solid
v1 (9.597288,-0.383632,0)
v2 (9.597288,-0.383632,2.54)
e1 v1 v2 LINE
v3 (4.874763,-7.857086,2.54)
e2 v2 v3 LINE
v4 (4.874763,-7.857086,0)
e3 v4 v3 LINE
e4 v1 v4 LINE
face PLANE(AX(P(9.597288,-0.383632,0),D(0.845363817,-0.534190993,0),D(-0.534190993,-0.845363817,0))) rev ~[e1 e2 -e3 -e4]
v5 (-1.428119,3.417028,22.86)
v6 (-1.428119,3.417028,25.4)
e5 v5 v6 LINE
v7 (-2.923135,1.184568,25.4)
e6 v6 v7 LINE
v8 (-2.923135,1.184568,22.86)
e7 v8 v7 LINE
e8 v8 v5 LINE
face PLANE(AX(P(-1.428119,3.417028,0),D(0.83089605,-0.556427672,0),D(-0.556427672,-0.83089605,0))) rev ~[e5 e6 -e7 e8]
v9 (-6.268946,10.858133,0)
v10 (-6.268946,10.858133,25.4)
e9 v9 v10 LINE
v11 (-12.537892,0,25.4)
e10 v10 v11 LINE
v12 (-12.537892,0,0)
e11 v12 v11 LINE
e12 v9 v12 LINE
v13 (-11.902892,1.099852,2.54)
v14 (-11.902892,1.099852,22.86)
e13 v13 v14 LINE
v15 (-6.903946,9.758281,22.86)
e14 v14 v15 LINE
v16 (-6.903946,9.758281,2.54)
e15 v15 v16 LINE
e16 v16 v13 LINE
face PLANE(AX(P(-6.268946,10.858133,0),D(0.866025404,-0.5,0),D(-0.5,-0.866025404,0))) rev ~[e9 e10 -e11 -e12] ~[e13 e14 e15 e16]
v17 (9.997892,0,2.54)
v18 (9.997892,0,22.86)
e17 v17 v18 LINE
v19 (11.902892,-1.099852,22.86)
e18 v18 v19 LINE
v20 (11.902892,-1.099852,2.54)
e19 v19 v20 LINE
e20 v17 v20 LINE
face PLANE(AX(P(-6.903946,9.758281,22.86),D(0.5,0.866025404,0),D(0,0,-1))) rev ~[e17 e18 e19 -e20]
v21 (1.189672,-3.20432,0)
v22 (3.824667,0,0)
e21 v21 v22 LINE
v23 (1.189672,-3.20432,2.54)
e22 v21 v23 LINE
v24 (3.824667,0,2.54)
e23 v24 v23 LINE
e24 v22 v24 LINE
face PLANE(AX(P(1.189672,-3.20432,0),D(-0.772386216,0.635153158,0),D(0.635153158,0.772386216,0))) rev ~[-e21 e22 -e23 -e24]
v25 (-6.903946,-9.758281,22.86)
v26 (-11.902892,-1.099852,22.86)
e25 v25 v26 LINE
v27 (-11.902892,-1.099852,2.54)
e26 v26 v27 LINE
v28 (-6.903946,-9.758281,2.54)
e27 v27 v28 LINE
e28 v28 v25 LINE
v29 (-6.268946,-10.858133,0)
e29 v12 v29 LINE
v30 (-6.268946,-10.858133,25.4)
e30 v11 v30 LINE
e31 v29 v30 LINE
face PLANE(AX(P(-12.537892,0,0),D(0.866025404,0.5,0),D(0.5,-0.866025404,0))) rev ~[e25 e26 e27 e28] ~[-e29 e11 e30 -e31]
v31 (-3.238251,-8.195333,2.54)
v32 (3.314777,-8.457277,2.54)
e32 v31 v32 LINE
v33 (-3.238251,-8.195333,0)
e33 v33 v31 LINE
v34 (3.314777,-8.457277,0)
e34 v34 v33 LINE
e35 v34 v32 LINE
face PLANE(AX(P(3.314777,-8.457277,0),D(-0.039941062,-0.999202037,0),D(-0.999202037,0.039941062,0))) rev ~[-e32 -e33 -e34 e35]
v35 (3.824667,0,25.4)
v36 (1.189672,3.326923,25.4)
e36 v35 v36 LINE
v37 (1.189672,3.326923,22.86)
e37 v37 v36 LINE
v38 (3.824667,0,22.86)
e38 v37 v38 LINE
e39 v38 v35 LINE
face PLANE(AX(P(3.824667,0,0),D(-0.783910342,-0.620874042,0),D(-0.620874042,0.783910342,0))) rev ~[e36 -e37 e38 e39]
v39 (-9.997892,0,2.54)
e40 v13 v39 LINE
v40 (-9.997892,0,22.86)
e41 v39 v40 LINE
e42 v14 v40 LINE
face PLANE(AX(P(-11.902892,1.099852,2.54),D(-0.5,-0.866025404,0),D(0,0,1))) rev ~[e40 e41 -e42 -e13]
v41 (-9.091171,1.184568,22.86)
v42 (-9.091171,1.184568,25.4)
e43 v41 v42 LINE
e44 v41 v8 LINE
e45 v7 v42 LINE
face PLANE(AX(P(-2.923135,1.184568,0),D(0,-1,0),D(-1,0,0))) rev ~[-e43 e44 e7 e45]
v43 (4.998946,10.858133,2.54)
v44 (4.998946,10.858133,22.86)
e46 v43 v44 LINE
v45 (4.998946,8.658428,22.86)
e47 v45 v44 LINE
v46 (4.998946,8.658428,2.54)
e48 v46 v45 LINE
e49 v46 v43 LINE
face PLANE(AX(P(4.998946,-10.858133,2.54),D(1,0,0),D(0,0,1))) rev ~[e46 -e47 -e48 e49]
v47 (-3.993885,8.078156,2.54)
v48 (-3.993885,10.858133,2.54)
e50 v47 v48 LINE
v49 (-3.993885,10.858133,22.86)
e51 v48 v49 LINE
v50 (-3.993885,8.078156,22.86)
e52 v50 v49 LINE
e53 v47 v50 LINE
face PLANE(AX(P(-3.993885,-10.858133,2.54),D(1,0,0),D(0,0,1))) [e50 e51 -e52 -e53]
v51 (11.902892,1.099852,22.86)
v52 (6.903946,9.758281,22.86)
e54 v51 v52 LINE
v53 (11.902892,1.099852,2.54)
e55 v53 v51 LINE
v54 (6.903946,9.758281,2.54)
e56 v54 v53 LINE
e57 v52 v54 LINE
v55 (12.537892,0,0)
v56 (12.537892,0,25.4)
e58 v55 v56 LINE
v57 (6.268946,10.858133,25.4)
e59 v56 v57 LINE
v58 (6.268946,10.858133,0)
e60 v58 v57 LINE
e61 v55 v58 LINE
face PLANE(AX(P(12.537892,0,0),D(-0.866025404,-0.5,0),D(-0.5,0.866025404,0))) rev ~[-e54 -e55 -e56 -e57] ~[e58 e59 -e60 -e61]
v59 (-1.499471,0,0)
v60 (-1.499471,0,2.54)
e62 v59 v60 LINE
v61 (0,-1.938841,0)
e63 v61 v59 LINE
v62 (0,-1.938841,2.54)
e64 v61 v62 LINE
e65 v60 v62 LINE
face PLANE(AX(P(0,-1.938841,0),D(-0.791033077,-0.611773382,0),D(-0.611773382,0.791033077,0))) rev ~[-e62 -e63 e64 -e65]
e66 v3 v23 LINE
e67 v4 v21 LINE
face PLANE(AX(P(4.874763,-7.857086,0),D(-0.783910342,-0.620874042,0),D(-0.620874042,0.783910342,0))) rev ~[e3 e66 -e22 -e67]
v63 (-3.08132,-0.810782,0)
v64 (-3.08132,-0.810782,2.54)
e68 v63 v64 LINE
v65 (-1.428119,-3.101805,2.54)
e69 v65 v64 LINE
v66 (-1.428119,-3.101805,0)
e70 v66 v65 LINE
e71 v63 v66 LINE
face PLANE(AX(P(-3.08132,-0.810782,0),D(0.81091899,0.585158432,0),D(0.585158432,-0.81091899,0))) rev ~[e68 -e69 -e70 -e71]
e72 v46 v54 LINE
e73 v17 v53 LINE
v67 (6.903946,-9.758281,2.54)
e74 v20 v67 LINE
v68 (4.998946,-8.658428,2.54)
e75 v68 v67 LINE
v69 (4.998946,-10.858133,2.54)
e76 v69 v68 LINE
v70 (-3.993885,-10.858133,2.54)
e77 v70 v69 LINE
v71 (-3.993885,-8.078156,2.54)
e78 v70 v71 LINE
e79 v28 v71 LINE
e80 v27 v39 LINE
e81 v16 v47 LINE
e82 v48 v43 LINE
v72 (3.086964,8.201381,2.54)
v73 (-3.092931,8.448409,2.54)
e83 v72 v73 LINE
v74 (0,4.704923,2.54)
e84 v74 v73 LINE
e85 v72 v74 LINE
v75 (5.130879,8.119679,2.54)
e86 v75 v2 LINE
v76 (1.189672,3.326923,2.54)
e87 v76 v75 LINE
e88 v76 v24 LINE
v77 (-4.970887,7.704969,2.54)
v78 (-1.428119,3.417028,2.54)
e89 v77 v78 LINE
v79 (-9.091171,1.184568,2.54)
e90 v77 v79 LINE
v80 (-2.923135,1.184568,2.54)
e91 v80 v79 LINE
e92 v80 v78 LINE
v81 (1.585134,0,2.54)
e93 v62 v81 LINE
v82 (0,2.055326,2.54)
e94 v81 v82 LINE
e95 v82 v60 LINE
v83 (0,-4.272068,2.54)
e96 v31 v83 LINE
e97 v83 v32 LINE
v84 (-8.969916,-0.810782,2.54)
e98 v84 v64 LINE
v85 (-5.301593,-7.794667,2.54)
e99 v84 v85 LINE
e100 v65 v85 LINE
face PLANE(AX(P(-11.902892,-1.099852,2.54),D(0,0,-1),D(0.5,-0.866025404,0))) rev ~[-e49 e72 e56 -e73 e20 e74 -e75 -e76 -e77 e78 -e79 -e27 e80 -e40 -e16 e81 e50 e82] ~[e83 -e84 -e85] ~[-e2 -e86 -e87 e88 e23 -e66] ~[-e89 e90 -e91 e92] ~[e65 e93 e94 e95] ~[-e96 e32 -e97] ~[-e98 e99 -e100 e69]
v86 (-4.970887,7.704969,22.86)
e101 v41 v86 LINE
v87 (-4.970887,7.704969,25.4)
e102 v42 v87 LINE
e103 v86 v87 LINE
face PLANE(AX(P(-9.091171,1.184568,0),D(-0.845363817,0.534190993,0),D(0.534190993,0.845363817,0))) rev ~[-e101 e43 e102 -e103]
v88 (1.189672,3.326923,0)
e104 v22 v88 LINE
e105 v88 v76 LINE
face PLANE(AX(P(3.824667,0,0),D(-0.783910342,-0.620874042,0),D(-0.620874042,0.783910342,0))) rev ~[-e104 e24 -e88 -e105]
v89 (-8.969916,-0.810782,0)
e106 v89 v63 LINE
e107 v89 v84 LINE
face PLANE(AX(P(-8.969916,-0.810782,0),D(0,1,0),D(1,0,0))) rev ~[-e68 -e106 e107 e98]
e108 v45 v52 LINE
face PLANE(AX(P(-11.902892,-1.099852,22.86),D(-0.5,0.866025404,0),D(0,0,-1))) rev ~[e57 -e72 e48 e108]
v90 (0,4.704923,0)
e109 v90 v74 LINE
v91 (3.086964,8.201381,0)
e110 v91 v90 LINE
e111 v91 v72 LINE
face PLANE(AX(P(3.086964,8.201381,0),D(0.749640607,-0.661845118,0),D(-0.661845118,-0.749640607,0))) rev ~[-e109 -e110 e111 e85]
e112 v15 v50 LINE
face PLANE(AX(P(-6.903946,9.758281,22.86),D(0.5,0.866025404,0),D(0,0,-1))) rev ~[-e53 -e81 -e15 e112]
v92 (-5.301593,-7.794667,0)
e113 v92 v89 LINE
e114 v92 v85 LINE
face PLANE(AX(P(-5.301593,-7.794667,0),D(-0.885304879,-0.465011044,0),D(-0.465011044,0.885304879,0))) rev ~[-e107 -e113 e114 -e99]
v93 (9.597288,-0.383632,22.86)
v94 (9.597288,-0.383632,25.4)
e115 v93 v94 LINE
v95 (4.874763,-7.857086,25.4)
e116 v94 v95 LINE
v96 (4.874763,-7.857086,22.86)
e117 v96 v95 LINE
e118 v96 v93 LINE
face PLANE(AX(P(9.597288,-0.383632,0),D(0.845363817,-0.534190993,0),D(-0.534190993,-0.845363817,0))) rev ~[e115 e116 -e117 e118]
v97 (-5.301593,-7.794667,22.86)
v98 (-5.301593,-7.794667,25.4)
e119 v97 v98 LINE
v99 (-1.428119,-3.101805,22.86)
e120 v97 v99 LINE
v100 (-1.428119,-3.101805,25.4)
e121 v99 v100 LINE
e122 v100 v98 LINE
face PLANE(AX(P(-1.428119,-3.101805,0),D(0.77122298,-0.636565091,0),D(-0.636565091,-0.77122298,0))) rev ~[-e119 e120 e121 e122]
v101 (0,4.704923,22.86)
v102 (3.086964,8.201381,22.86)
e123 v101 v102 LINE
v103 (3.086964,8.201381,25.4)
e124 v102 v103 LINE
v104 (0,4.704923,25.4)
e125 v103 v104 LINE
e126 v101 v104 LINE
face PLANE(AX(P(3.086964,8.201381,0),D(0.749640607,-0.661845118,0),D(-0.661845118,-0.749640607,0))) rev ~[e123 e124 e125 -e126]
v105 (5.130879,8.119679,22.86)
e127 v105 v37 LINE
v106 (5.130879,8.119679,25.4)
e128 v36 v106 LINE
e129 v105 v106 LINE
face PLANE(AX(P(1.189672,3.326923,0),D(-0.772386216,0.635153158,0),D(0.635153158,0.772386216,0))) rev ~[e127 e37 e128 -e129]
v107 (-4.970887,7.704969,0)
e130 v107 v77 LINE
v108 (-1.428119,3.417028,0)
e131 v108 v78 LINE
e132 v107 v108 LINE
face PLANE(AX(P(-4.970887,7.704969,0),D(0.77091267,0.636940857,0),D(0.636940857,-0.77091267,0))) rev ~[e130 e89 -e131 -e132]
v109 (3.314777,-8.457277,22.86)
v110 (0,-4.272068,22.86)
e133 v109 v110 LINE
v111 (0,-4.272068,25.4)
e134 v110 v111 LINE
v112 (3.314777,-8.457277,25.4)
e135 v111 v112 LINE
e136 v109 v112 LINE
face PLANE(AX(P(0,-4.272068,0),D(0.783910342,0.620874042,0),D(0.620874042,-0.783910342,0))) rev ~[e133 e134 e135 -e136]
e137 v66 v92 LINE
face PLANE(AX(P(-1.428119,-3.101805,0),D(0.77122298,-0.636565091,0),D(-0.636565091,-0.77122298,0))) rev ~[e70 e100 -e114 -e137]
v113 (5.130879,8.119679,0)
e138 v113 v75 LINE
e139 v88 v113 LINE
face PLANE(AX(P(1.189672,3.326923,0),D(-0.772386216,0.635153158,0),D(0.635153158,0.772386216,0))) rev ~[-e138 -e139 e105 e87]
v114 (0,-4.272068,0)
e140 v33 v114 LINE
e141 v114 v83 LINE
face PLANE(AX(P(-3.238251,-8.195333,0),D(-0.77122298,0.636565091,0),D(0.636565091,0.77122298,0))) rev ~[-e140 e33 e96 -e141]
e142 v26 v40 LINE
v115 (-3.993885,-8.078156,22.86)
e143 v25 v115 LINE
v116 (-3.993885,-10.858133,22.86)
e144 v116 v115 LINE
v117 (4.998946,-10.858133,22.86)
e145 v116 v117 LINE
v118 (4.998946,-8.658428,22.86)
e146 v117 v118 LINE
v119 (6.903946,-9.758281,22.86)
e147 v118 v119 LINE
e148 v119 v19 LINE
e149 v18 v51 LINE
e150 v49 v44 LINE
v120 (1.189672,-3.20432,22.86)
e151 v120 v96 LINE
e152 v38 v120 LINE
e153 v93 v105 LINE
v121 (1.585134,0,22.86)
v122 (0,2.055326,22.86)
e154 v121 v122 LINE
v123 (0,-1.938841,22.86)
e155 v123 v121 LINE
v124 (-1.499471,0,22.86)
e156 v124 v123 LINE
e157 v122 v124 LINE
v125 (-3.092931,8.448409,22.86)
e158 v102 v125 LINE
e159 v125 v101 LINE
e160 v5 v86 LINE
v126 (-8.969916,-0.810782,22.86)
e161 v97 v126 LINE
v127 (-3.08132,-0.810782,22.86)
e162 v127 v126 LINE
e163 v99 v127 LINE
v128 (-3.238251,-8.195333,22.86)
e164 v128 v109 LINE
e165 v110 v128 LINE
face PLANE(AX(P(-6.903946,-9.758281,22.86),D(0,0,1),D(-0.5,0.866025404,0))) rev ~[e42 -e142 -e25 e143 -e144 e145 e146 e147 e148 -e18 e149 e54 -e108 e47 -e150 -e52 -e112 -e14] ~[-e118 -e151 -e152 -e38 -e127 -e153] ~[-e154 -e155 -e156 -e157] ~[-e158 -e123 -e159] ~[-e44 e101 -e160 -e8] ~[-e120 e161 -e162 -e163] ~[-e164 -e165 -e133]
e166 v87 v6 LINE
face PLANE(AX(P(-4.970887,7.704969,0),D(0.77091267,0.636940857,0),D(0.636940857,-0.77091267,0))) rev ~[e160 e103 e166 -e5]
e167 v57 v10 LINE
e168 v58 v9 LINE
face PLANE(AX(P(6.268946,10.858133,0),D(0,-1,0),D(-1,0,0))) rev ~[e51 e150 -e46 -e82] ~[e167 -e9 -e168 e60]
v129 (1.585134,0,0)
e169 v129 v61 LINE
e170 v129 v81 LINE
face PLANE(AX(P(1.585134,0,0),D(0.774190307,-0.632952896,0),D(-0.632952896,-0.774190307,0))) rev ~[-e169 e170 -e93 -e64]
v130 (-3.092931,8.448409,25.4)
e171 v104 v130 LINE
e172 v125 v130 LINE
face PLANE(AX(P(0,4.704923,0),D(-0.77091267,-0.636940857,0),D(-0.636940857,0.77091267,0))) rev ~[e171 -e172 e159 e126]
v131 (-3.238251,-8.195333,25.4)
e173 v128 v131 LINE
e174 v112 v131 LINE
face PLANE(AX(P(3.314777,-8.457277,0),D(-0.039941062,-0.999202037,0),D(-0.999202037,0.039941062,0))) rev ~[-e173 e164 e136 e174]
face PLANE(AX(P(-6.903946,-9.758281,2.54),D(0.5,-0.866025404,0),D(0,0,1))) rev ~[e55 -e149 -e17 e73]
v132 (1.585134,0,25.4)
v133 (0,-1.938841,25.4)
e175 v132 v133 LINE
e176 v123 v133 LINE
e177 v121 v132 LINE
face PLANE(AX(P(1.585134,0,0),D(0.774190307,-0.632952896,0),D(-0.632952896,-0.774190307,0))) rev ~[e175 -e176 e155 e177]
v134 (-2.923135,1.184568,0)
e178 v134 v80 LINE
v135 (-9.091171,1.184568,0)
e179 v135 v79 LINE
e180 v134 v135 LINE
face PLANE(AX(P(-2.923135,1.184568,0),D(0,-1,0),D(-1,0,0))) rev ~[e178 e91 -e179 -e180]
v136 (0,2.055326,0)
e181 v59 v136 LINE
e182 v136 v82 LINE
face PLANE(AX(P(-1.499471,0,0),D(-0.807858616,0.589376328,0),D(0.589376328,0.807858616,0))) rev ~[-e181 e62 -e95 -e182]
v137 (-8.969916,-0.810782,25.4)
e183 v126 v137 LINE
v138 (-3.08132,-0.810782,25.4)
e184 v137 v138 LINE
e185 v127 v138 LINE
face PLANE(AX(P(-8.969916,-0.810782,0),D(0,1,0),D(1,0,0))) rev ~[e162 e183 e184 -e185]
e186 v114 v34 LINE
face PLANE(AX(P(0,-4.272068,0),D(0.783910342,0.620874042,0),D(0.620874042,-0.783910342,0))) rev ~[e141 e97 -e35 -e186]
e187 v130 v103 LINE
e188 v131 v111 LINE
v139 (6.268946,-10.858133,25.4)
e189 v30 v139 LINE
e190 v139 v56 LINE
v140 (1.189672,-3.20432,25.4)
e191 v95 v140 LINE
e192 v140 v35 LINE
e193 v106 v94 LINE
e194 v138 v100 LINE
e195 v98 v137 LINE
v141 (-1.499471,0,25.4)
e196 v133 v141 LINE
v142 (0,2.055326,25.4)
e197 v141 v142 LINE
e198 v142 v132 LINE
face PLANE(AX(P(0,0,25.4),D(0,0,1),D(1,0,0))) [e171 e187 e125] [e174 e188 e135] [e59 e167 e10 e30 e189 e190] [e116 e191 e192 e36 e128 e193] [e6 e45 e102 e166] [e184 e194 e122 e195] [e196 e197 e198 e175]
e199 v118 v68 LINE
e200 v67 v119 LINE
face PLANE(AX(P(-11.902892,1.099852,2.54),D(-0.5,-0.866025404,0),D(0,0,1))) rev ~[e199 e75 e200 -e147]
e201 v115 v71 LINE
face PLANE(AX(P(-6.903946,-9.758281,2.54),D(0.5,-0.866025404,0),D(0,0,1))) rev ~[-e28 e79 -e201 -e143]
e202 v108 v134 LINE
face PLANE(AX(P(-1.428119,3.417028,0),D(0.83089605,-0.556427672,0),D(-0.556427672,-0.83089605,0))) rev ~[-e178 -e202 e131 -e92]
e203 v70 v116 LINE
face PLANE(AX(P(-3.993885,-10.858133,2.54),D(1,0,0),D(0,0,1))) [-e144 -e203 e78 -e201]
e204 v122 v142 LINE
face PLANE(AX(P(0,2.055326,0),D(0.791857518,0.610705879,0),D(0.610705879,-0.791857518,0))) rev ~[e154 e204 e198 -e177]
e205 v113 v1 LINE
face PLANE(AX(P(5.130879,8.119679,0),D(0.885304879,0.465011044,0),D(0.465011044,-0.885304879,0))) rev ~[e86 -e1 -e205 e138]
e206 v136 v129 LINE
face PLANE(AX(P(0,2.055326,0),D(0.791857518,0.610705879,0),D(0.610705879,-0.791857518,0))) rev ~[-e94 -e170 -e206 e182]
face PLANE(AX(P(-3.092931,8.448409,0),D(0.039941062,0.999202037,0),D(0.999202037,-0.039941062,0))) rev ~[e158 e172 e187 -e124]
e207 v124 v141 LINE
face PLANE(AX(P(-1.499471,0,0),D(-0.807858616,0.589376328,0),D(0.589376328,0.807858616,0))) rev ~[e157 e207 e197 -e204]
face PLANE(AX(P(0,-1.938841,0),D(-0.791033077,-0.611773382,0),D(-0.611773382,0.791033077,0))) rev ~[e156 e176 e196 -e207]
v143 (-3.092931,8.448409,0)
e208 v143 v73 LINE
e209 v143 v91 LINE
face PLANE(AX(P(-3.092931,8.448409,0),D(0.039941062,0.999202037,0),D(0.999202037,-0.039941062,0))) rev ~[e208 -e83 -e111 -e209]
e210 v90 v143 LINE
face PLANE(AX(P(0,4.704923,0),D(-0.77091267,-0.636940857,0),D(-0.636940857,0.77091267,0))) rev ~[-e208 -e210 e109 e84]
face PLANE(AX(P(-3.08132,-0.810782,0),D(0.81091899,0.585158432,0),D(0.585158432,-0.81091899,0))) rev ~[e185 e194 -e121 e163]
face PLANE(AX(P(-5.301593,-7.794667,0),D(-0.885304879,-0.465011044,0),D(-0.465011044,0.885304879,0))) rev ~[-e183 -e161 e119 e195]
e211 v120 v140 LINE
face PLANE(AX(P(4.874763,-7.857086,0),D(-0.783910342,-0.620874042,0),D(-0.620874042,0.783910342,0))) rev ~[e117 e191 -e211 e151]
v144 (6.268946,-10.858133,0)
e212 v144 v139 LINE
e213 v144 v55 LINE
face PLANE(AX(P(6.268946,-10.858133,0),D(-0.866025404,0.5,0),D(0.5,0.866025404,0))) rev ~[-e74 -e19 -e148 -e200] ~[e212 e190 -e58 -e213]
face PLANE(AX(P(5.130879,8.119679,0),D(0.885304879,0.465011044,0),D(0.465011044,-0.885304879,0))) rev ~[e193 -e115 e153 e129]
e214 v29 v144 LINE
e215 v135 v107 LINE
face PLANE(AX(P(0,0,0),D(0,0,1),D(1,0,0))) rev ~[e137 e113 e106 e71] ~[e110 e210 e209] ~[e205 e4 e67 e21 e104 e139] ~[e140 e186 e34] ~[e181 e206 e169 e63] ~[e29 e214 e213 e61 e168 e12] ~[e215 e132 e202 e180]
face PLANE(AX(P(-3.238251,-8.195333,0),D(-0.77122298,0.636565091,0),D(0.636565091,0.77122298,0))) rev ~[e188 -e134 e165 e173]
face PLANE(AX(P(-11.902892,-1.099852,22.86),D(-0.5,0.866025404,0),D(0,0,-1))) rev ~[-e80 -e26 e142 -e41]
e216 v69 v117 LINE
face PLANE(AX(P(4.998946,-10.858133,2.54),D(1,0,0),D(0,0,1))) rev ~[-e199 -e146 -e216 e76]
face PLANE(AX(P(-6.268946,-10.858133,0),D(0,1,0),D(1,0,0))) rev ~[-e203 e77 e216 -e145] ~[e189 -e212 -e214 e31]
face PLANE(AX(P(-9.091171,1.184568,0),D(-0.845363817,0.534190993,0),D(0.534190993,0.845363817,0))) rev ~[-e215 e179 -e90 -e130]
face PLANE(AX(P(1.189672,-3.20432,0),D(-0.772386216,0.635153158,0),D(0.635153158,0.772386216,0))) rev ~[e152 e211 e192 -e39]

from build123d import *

# Parameters (mm, degrees)
F2_DEPTH = 25.4
F3_W     = 8.992830546
F3_H     = 20.32
F4_DEPTH = 21.7172655679
F6_DEPTH = 27.1463319599
F8_DEPTH = 27.1463319599


with BuildPart() as f2:
    # F1 (on face) → F2 (new body)
    with BuildSketch(Plane.XY):
        Polygon((12.5378917714, 0), (6.2689458857, 10.858132784), (-6.2689458857, 10.858132784), (-12.5378917714, 0), (-6.2689458857, -10.858132784), (6.2689458857, -10.858132784), align=None)
        Polygon((-3.0813198537, -0.8107819997), (-1.428119345, -3.1018054447), (-5.3015932459, -7.7946673792), (-8.9699157746, -0.8107819997), align=None, mode=Mode.SUBTRACT)
        Polygon((3.3147766868, -8.4572770768), (-3.2382511436, -8.1953331628), (0, -4.2720679194), align=None, mode=Mode.SUBTRACT)
        Polygon((-9.0911711595, 1.1845681444), (-4.9708869394, 7.7049685974), (-1.428119345, 3.4170282109), (-2.9231349472, 1.1845681444), align=None, mode=Mode.SUBTRACT)
        Polygon((0, 4.7049229033), (-3.0929306056, 8.4484092324), (3.0869638225, 8.2013805647), align=None, mode=Mode.SUBTRACT)
        Polygon((-1.4994712546, 0), (0, 2.0553264767), (1.5851336066, 0), (0, -1.9388410728), align=None, mode=Mode.SUBTRACT)
        Polygon((1.1896715732, 3.32692286), (5.1308790649, 8.1196792242), (9.5972880112, -0.3836320019), (4.8747631368, -7.8570856971), (1.1896715732, -3.2043200918), (3.8246668436, 0), align=None, mode=Mode.SUBTRACT)
    extrude(amount=F2_DEPTH)

    # F3 (on face) → F4 (cut, through all)
    with BuildSketch(Plane.XZ.offset(10.858132784)):
        with Locations((0.5025306127, 12.7)):
            Rectangle(F3_W, F3_H)
    extrude(amount=-F4_DEPTH, mode=Mode.SUBTRACT)

    # F5 (on face) → F6 (cut, through all)
    with BuildSketch(Plane(origin=(-9.4034188286, -5.429066392, 0), x_dir=(0.5, -0.8660254038, 0), z_dir=(-0.8660254038, -0.5, 0))):
        Polygon((-4.9989458857, 22.86), (-4.9989458857, 2.54), (4.9989458857, 2.54), (4.9989458857, 22.86), (0, 22.86), align=None)
    extrude(amount=-F6_DEPTH, mode=Mode.SUBTRACT)

    # F7 (on face) → F8 (cut, through all)
    with BuildSketch(Plane(origin=(-9.4034188286, 5.429066392, 0), x_dir=(-0.5, -0.8660254038, 0), z_dir=(-0.8660254038, 0.5, 0))):
        Polygon((-4.9989458857, 22.86), (-4.9989458857, 12.7), (-4.9989458857, 2.54), (4.9989458857, 2.54), (4.9989458857, 12.7), (4.9989458857, 22.86), (0, 22.86), align=None)
    extrude(amount=-F8_DEPTH, mode=Mode.SUBTRACT)


solid = f2.part
